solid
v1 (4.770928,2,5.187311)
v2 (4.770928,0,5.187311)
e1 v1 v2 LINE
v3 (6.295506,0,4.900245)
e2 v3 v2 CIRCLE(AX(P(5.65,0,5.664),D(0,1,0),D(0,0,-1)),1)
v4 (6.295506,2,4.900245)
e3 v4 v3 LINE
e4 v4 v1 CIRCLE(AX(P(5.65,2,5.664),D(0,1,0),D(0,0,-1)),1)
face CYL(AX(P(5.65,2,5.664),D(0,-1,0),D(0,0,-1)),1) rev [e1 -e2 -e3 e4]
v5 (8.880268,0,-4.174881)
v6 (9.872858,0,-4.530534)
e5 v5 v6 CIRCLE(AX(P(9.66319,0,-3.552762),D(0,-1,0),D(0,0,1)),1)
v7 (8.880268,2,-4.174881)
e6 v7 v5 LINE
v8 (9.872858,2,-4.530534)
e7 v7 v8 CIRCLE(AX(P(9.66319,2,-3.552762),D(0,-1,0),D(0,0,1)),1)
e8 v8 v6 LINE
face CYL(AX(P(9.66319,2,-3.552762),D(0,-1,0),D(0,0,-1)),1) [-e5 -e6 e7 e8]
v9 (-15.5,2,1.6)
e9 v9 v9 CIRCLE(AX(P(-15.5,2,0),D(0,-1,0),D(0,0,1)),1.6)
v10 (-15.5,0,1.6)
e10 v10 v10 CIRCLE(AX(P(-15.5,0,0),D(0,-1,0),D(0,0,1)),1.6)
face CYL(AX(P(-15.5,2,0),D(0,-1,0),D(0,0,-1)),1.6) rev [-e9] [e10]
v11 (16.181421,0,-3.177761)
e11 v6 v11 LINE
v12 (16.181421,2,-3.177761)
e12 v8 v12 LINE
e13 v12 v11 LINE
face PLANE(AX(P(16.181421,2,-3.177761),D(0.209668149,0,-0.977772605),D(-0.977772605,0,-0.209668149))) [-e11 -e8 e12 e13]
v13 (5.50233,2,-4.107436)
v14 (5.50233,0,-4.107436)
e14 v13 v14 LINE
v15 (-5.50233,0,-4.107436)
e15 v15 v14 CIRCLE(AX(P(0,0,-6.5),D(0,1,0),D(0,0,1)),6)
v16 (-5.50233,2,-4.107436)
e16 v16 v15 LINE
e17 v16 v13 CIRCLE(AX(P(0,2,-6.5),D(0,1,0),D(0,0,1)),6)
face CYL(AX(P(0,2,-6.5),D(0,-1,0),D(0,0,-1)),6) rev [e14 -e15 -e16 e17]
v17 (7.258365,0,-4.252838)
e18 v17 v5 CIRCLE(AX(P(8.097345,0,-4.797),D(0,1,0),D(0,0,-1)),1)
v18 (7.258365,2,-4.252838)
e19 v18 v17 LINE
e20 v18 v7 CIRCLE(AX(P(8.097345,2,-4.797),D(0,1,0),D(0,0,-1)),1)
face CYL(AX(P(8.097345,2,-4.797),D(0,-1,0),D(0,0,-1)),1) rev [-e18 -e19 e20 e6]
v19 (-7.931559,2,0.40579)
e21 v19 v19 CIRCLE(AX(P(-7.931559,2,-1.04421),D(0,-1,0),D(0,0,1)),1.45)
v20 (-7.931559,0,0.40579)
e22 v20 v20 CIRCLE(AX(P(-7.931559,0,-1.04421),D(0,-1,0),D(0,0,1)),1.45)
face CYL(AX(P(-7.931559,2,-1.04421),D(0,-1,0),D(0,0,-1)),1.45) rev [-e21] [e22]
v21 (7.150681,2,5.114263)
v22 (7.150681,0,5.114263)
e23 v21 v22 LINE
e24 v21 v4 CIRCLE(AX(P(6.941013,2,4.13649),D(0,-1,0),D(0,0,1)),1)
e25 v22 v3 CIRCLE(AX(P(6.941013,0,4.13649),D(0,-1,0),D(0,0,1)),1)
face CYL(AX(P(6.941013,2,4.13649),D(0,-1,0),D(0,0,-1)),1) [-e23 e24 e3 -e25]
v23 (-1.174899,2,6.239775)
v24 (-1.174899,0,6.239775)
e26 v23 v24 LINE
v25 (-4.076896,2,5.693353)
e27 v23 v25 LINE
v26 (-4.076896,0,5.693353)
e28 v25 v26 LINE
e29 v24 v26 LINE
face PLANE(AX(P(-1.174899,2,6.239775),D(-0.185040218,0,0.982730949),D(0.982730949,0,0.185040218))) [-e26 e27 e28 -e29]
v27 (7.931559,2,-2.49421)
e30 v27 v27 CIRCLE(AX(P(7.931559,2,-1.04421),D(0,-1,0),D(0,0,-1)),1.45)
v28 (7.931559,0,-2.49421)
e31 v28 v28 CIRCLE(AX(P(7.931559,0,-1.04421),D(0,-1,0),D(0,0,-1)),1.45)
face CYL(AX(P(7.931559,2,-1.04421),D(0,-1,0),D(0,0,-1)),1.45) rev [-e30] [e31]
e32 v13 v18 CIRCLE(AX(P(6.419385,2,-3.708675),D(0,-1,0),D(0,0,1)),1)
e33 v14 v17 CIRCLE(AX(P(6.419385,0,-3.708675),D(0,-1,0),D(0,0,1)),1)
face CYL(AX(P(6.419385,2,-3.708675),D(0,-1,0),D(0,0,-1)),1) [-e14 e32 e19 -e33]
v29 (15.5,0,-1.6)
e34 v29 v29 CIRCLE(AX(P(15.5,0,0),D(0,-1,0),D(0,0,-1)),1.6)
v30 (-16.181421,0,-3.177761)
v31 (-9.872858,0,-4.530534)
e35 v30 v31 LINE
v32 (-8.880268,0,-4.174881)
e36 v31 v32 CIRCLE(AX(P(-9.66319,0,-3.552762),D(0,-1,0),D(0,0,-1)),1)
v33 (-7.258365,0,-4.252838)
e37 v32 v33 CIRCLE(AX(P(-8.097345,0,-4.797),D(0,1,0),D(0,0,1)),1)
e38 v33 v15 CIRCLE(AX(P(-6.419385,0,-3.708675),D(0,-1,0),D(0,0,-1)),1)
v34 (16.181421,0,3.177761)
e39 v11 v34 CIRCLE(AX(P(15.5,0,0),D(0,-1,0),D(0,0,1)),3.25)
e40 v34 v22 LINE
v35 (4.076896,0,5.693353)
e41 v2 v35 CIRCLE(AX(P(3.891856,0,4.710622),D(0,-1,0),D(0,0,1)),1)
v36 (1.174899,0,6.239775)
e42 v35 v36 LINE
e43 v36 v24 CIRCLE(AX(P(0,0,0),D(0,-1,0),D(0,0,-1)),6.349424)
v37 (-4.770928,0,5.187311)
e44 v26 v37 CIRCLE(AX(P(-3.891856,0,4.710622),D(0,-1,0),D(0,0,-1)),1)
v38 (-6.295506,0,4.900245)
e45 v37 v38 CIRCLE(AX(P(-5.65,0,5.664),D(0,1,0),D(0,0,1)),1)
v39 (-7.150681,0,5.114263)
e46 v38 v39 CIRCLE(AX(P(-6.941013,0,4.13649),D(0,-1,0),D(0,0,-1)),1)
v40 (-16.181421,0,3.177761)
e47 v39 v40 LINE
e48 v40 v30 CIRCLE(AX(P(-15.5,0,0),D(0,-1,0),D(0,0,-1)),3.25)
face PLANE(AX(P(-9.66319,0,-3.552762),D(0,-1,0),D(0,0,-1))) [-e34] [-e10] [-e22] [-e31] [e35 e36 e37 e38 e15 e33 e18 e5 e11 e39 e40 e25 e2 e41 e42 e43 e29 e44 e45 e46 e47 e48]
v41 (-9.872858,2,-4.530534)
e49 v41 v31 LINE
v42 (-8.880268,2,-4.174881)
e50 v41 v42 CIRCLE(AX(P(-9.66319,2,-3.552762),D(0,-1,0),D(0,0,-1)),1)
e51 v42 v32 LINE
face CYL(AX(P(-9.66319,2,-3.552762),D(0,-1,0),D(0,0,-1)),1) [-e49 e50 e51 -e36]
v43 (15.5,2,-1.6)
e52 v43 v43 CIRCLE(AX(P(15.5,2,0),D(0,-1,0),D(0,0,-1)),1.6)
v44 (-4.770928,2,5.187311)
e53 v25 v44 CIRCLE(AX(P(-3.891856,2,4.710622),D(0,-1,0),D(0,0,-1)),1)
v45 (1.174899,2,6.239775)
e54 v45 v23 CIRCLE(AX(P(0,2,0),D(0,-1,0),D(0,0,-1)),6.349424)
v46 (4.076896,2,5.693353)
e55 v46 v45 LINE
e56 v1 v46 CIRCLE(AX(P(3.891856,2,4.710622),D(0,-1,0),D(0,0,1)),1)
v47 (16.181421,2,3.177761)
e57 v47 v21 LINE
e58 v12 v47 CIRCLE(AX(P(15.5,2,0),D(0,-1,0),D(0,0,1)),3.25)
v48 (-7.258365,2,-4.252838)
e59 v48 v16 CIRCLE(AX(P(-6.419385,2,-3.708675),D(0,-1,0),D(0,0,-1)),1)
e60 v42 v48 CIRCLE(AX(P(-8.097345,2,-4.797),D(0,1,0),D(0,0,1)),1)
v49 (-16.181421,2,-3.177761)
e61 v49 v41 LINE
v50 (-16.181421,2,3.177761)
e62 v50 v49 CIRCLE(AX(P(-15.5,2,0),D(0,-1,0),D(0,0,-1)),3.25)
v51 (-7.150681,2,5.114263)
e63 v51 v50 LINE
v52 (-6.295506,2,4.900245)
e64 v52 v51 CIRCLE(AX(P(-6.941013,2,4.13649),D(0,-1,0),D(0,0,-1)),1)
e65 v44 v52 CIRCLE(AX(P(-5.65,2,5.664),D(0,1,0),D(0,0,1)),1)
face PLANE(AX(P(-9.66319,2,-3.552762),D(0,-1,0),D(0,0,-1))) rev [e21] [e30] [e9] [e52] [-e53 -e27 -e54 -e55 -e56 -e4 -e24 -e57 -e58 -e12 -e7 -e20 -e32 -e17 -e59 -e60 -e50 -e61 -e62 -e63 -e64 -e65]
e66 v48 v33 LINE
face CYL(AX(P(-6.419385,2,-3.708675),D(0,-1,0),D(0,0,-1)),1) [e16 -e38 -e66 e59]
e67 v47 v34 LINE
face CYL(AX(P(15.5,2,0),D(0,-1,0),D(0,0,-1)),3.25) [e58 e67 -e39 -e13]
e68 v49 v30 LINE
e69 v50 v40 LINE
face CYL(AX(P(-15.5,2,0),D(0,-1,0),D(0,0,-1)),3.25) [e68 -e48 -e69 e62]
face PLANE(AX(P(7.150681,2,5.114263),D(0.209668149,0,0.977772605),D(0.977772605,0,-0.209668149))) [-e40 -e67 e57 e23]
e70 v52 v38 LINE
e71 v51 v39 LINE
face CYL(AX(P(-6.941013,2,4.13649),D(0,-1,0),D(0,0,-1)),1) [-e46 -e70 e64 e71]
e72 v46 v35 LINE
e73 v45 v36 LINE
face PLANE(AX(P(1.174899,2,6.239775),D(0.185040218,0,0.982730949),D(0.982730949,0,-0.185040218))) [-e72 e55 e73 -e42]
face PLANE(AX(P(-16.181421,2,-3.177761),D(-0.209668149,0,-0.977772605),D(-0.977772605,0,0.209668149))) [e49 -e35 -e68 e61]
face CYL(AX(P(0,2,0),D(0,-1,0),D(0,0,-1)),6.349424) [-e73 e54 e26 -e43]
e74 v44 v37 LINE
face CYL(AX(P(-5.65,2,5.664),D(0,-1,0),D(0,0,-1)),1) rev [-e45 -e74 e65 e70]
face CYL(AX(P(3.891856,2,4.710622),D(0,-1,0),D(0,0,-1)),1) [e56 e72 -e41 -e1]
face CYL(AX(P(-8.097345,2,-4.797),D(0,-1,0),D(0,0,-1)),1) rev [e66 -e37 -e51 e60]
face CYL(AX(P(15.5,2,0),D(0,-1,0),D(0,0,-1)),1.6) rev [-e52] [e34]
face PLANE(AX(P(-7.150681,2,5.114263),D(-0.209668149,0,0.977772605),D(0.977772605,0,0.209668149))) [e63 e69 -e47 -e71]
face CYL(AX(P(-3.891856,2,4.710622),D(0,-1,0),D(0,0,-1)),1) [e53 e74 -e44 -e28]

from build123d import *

# Parameters (mm, degrees)
SKETCH1_R           = 1.599999998
SKETCH1_R_2         = 1.45
BOSS_EXTRUDE1_DEPTH = 2


with BuildPart() as part:
    # Sketch1 → Boss-Extrude1 (new body)
    with BuildSketch(Plane.XZ):
        with BuildLine():
            Line((16.181421483, -3.177760966), (9.872858324, -4.530534353))
            ThreePointArc((9.872858324, -4.530534353), (9.325880949, -4.494155653), (8.88026758, -4.174880875))
            ThreePointArc((8.88026758, -4.174880875), (8.049335418, -3.798153126), (7.258365077, -4.252837604))
            ThreePointArc((7.258365077, -4.252837604), (6.336866412, -4.705264718), (5.502330147, -4.107435892))
            ThreePointArc((5.502330147, -4.107435892), (0, -0.499999997), (-5.502330147, -4.107435892))
            ThreePointArc((-5.502330147, -4.107435892), (-6.336866412, -4.705264718), (-7.258365077, -4.252837604))
            ThreePointArc((-7.258365077, -4.252837604), (-8.049335418, -3.798153126), (-8.88026758, -4.174880875))
            ThreePointArc((-8.88026758, -4.174880875), (-9.325880949, -4.494155653), (-9.872858324, -4.530534353))
            Line((-9.872858324, -4.530534353), (-16.181421483, -3.177760966))
            ThreePointArc((-16.181421483, -3.177760966), (-18.749999999, 0), (-16.181421483, 3.177760966))
            Line((-16.181421483, 3.177760966), (-7.150681086, 5.114262981))
            ThreePointArc((-7.150681086, 5.114262981), (-6.698238018, 5.106573021), (-6.295506482, 4.900245189))
            ThreePointArc((-6.295506482, 4.900245189), (-5.464959808, 4.681269053), (-4.770928095, 5.187310858))
            ThreePointArc((-4.770928095, 5.187310858), (-4.48101085, 5.518641983), (-4.076896383, 5.693352662))
            Line((-4.076896383, 5.693352662), (-1.17489874, 6.239775137))
            ThreePointArc((-1.17489874, 6.239775137), (0, 6.34942366), (1.17489874, 6.239775137))
            Line((1.17489874, 6.239775137), (4.076896383, 5.693352662))
            ThreePointArc((4.076896383, 5.693352662), (4.48101085, 5.518641983), (4.770928095, 5.187310858))
            ThreePointArc((4.770928095, 5.187310858), (5.464959808, 4.681269053), (6.295506482, 4.900245189))
            ThreePointArc((6.295506482, 4.900245189), (6.698238018, 5.106573021), (7.150681086, 5.114262981))
            Line((7.150681086, 5.114262981), (16.181421483, 3.177760966))
            ThreePointArc((16.181421483, 3.177760966), (18.749999999, 0), (16.181421483, -3.177760966))
        make_face()
        with Locations(Location((-15.5, 0, 0), (0, 0, 90))):
            Circle(SKETCH1_R, mode=Mode.SUBTRACT)
        with Locations(Location((15.5, 0, 0), (0, 0, 270))):
            Circle(SKETCH1_R, mode=Mode.SUBTRACT)
        with Locations(Location((7.931558887, -1.04420954, 0), (0, 0, 270))):
            Circle(SKETCH1_R_2, mode=Mode.SUBTRACT)
        with Locations(Location((-7.931558887, -1.04420954, 0), (0, 0, 90))):
            Circle(SKETCH1_R_2, mode=Mode.SUBTRACT)
    extrude(amount=-BOSS_EXTRUDE1_DEPTH)


solid = part.part
